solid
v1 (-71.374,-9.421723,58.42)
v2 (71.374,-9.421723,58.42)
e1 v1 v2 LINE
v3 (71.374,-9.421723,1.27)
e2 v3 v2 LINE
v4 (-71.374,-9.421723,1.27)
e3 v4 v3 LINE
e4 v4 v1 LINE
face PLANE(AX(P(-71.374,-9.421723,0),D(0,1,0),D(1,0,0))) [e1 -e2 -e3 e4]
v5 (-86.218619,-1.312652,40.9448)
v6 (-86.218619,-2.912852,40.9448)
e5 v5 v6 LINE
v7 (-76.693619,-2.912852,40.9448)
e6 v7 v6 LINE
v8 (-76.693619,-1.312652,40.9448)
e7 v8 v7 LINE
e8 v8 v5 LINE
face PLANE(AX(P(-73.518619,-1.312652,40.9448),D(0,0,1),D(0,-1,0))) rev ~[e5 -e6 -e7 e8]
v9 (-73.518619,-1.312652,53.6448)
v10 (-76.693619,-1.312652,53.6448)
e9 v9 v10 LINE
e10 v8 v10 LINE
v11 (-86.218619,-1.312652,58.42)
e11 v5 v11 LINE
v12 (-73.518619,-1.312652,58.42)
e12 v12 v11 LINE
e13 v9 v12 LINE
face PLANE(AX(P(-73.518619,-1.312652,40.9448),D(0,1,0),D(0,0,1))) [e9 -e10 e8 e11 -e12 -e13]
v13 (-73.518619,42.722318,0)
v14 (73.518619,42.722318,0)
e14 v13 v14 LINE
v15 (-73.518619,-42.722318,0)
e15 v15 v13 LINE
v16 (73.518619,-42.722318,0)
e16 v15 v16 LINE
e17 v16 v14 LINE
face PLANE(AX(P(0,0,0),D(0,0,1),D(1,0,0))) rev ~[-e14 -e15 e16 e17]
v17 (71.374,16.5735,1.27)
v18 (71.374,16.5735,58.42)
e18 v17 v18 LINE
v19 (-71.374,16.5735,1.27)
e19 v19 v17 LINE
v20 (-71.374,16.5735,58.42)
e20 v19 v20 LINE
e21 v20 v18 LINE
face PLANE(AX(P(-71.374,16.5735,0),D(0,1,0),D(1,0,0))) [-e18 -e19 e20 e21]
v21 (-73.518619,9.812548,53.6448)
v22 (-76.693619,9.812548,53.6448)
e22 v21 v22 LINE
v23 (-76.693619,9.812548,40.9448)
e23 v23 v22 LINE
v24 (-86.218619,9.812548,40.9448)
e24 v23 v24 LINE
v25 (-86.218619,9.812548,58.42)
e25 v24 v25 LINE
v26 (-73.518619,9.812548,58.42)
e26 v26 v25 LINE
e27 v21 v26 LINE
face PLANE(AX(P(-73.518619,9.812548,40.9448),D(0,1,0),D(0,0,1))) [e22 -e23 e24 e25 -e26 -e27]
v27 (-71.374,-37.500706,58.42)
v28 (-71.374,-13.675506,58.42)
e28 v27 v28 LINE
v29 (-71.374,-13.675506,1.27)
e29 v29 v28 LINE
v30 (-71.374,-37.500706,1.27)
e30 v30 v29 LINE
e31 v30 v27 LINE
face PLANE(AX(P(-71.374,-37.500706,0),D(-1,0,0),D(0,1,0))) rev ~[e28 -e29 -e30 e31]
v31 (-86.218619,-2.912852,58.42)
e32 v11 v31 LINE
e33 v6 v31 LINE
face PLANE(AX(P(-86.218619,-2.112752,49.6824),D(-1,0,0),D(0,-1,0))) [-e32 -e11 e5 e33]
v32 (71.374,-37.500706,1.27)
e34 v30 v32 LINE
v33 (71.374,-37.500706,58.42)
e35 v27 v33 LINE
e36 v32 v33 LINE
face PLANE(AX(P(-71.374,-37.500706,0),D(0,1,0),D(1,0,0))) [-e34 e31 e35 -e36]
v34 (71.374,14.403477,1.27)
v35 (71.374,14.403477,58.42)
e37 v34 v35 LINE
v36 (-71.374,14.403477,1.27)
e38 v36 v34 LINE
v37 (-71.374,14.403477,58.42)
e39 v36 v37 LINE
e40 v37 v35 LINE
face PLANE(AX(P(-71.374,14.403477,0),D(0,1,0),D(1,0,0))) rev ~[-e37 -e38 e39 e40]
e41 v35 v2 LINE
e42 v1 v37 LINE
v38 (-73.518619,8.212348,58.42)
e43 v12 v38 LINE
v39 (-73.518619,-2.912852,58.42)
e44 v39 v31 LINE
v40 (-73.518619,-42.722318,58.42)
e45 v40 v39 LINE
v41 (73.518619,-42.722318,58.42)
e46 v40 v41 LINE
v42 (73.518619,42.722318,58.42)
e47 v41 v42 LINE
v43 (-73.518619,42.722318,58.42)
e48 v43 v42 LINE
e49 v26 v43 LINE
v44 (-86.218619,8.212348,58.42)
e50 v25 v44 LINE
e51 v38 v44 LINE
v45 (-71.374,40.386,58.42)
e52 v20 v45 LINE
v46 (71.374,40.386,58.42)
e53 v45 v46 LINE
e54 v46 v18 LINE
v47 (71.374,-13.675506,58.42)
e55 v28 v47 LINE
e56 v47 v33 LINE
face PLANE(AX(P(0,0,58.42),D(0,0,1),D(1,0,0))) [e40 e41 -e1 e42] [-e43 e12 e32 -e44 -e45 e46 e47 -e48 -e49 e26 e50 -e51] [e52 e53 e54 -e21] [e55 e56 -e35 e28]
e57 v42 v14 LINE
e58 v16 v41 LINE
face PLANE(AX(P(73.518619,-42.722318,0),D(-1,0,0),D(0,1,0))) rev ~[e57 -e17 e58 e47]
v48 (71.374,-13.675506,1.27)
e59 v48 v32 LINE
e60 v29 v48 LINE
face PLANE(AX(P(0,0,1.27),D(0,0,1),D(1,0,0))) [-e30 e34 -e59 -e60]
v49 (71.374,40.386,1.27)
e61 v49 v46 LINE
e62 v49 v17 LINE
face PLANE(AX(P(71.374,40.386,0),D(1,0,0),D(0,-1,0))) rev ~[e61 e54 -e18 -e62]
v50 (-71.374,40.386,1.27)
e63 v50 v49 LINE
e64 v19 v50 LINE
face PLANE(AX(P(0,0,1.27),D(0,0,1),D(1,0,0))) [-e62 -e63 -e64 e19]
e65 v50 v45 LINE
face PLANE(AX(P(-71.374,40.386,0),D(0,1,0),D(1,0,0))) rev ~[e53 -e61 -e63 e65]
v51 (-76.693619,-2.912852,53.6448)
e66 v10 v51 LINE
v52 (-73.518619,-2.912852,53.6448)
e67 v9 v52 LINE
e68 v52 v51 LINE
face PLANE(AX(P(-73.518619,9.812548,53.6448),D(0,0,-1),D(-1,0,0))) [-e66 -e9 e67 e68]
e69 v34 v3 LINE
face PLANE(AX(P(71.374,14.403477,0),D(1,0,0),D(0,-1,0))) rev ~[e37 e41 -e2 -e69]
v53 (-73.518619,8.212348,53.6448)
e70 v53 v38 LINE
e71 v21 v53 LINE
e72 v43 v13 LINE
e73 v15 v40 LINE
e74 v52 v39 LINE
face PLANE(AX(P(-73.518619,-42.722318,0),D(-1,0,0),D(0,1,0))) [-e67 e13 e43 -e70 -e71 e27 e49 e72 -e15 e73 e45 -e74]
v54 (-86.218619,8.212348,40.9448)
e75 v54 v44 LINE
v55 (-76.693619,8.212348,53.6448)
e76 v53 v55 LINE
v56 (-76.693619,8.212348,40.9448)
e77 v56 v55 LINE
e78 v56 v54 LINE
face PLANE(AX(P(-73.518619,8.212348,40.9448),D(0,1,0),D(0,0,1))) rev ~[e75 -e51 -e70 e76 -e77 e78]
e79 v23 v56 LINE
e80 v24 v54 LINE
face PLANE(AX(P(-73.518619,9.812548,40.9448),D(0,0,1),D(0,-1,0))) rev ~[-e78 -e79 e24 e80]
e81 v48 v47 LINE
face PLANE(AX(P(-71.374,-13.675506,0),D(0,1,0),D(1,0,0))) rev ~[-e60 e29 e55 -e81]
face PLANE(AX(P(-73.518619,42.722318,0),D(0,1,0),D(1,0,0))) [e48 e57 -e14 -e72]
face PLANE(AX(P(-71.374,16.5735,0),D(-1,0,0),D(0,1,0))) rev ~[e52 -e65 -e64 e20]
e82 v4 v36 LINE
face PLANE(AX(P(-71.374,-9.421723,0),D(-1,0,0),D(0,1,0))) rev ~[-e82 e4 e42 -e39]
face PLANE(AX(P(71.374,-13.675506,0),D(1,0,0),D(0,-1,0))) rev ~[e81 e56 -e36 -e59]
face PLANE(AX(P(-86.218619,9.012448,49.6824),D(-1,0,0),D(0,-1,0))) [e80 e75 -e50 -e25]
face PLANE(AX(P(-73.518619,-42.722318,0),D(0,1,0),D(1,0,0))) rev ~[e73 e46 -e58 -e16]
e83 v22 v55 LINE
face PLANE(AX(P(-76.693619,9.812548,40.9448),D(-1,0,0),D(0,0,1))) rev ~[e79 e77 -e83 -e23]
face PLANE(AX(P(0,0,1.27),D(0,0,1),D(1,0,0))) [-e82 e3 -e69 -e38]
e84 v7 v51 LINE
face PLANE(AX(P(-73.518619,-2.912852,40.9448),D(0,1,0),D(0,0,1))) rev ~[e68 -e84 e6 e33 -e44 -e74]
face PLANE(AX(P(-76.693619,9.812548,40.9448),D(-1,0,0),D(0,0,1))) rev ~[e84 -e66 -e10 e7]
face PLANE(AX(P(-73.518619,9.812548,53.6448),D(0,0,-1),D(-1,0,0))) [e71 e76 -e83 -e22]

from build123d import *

# Parameters (mm, degrees)
F0_W     = 147.0372378826
F0_H     = 85.4446366429
F0_W_2   = 142.748
F0_H_2   = 2.1700232911
F0_H_3   = 4.2537826065
F0_H_4   = 2.8852941023
F1_DEPTH = 58.42
F0_H_5   = 23.8125
F0_H_6   = 23.8252
F2_DEPTH = 1.27
F3_W     = 1.6002
F3_H     = 17.4752
F4_DEPTH = 12.7
F5_W     = 3.175
F5_H     = 12.7
F6_DEPTH = 25.4


with BuildPart() as f1:
    # F0 (on Top) → F1 (new body)
    with BuildSketch(Plane.XY):
        Rectangle(F0_W, F0_H)
        Polygon((71.374, -37.5007058977), (71.374, -40.386), (-71.374, -40.386), (-71.374, -37.5007058977), (-71.374, -13.6755058977), (-71.374, -9.4217232911), (-71.374, 14.4034767089), (-71.374, 16.5735), (-71.374, 40.386), (71.374, 40.386), (71.374, 16.5735), (71.374, 14.4034767089), (71.374, -9.4217232911), (71.374, -13.6755058977), align=None, mode=Mode.SUBTRACT)
        with Locations((0, 15.4884883544)):
            Rectangle(F0_W_2, F0_H_2)
        with Locations((0, -11.5486145944)):
            Rectangle(F0_W_2, F0_H_3)
        with Locations((0, -38.9433529488)):
            Rectangle(F0_W_2, F0_H_4)
    extrude(amount=F1_DEPTH)

    # F0 (on Top) → F2 (join)
    with BuildSketch(Plane.XY):
        Rectangle(F0_W, F0_H)
        Polygon((71.374, -37.5007058977), (71.374, -40.386), (-71.374, -40.386), (-71.374, -37.5007058977), (-71.374, -13.6755058977), (-71.374, -9.4217232911), (-71.374, 14.4034767089), (-71.374, 16.5735), (-71.374, 40.386), (71.374, 40.386), (71.374, 16.5735), (71.374, 14.4034767089), (71.374, -9.4217232911), (71.374, -13.6755058977), align=None, mode=Mode.SUBTRACT)
        with Locations((0, 28.47975)):
            Rectangle(F0_W_2, F0_H_5)
        with Locations((0, 2.4908767089)):
            Rectangle(F0_W_2, F0_H_6)
        with Locations((0, -25.5881058977)):
            Rectangle(F0_W_2, F0_H_6)
    extrude(amount=F2_DEPTH)

    # F3 (on face) → F4 (join)
    with BuildSketch(Plane(origin=(-73.5186189413, 0, 0), x_dir=(0, -1, 0), z_dir=(-1, 0, 0))):
        with Locations((-9.0124478253, 49.6824)):
            Rectangle(F3_W, F3_H)
        with Locations((2.1127521747, 49.6824)):
            Rectangle(F3_W, F3_H)
    extrude(amount=F4_DEPTH)

    # F5 (on face) → F6 (cut)
    with BuildSketch(Plane(origin=(0, 9.8125478253, 0), x_dir=(-1, 0, 0), z_dir=(0, 1, 0))):
        with Locations((75.1061189413, 47.2948)):
            Rectangle(F5_W, F5_H)
    extrude(amount=-F6_DEPTH, mode=Mode.SUBTRACT)


solid = f1.part
